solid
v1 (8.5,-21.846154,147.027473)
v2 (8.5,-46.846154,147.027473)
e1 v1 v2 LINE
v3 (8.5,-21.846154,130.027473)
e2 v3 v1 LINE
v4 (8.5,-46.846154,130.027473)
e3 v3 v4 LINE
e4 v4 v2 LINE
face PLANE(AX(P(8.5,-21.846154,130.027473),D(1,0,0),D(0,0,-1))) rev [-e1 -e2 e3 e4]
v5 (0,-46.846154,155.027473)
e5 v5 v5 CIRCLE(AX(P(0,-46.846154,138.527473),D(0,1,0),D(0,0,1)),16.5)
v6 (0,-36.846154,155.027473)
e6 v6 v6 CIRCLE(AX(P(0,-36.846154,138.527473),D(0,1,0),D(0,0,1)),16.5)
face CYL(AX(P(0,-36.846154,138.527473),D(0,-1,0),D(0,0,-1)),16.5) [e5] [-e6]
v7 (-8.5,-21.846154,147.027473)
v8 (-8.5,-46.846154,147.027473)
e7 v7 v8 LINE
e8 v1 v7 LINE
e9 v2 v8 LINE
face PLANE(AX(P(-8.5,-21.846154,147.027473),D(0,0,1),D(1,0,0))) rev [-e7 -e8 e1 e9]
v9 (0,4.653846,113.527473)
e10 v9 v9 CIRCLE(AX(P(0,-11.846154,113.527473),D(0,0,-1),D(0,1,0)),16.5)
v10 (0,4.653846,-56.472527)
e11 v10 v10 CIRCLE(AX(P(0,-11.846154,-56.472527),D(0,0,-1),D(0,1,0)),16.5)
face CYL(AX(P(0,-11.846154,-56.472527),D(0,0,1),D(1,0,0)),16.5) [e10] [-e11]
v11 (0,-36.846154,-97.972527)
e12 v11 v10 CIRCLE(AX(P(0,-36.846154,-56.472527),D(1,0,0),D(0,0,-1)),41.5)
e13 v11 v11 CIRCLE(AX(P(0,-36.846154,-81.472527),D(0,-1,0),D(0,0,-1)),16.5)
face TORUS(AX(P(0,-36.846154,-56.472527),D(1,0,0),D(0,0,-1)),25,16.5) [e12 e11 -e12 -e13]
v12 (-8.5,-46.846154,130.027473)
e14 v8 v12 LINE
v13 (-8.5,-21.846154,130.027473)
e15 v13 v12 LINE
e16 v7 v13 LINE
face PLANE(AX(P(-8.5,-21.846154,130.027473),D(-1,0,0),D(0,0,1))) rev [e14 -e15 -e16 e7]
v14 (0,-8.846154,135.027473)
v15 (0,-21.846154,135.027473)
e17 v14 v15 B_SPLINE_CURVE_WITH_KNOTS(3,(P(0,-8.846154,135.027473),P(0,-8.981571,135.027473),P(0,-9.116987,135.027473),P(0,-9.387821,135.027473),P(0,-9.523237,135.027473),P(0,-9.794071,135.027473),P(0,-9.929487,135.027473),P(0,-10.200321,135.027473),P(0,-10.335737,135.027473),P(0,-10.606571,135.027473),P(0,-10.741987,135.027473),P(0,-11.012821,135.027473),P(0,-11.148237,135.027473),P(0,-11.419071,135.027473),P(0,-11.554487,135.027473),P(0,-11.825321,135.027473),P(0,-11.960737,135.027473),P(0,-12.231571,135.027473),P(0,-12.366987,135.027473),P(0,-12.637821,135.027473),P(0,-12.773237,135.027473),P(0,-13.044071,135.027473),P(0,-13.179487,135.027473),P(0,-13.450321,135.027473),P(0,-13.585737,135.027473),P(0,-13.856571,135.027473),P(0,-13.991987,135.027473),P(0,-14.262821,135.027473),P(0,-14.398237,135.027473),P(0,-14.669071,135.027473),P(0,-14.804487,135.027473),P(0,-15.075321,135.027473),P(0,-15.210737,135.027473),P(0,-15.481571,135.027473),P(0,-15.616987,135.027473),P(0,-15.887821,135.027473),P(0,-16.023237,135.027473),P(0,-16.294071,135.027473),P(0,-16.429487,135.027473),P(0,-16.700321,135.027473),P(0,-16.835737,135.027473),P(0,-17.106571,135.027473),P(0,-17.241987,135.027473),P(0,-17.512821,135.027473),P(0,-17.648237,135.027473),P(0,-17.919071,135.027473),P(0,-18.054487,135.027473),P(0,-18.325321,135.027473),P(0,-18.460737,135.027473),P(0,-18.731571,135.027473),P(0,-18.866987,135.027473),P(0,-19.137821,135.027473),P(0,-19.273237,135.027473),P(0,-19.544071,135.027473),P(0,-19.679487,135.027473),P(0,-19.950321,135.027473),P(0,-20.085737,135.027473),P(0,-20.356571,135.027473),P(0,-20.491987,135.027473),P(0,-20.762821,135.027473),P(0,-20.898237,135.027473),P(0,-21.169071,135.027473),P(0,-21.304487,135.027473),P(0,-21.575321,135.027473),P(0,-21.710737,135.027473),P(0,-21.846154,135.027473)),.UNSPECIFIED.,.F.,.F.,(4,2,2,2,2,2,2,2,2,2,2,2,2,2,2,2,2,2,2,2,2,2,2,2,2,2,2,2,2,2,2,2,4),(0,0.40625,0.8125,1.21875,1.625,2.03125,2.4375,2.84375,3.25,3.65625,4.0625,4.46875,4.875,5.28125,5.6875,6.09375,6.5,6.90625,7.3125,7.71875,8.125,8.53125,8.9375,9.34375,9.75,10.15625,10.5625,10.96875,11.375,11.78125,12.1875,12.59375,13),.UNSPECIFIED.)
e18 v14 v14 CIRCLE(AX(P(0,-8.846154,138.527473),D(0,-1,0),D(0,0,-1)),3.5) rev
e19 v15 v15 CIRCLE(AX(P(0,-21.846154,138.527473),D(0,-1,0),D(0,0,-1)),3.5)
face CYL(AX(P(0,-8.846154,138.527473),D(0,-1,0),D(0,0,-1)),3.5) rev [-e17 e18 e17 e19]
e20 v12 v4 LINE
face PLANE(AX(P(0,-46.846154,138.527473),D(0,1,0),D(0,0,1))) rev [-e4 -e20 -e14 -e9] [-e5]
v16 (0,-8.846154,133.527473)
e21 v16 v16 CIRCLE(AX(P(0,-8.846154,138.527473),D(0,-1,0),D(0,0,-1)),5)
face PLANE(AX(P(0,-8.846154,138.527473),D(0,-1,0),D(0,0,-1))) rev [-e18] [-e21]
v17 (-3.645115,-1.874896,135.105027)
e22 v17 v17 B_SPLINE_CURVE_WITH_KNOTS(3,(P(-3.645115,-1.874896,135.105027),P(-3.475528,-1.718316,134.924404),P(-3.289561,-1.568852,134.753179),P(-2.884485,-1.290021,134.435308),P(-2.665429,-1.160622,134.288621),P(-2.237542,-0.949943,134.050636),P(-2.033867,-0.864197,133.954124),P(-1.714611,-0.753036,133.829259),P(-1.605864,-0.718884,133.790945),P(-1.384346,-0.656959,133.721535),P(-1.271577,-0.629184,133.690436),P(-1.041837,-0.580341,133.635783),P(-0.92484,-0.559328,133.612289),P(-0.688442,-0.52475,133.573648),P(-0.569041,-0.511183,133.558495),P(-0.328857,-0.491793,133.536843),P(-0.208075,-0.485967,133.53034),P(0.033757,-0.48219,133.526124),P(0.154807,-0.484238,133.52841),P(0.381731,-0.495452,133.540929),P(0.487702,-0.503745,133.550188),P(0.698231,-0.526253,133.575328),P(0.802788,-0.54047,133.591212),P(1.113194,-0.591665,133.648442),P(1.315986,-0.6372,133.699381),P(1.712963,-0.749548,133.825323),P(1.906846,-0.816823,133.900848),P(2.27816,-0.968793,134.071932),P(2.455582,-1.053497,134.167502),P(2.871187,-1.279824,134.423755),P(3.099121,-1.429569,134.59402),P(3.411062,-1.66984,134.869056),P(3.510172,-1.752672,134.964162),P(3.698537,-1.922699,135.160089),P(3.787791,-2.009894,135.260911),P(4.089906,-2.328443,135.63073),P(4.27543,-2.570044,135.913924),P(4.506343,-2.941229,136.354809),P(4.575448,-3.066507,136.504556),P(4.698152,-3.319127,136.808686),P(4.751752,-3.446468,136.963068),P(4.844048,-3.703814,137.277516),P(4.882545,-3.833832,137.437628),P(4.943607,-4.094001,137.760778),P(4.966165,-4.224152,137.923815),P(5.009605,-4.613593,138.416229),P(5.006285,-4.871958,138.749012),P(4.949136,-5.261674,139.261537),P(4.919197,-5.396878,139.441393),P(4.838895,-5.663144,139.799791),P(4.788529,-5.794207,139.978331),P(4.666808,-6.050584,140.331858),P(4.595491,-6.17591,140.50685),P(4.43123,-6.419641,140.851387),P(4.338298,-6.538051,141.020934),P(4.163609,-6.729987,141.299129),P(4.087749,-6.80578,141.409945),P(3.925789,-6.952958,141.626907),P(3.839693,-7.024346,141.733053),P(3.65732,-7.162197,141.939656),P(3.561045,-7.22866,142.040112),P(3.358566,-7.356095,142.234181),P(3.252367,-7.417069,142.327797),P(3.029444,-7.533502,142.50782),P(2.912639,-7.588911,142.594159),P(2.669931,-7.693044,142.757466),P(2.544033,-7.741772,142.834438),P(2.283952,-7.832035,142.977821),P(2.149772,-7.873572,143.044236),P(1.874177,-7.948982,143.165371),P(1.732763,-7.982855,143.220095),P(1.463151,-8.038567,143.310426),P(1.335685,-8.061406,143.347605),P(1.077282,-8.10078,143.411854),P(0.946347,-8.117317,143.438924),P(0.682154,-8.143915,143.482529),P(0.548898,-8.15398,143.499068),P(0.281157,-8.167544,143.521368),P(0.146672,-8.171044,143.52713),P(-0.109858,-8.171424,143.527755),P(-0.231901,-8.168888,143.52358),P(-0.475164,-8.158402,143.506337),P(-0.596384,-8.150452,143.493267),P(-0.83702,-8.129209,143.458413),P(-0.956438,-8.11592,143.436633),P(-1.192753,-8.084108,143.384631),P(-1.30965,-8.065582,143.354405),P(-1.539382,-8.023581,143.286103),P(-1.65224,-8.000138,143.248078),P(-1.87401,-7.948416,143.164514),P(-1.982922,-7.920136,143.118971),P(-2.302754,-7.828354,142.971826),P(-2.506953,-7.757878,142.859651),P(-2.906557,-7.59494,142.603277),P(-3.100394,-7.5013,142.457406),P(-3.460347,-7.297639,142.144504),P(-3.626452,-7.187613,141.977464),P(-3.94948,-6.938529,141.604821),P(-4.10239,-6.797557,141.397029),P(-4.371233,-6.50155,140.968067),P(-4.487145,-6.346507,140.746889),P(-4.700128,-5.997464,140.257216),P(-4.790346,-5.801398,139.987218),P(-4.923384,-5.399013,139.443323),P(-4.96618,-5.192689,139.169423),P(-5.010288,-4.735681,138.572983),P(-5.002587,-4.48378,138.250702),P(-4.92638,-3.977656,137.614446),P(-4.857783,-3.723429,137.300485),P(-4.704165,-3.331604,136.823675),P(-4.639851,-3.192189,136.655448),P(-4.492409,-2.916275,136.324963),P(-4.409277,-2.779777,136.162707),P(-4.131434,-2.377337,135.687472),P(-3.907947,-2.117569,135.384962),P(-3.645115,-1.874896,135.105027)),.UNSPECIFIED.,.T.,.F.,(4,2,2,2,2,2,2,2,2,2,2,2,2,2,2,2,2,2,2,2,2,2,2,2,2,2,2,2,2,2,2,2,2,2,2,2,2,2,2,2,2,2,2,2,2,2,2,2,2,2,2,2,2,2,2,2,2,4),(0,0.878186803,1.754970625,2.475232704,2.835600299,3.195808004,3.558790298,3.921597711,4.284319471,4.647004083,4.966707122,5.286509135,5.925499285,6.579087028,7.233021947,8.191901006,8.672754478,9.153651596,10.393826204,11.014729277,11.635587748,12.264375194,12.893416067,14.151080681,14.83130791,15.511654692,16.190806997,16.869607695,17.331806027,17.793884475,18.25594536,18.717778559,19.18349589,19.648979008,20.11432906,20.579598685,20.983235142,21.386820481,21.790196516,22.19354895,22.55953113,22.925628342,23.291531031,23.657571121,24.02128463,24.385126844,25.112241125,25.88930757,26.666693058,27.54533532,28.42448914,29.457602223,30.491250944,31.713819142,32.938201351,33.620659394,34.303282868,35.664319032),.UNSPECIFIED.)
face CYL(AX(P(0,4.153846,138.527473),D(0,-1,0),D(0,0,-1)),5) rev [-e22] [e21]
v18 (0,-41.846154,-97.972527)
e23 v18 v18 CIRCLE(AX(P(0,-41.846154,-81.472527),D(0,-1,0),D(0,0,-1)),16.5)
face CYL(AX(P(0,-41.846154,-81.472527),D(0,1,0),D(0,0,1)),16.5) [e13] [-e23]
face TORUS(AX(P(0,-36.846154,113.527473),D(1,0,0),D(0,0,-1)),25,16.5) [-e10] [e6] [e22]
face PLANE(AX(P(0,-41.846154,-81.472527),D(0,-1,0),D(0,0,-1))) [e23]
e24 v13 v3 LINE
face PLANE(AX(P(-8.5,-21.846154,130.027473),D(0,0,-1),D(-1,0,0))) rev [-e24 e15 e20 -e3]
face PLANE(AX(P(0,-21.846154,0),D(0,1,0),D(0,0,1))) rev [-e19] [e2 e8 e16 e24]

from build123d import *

# Parameters (mm, degrees)
SWEEP1_PROFILE_R   = 16.5
SKETCH10_W         = 17
SKETCH10_H         = 17
CUT_EXTRUDE1_DEPTH = 25
SKETCH11_R         = 3.5
CUT_EXTRUDE2_DEPTH = 13
SKETCH12_R         = 5
CUT_EXTRUDE3_DEPTH = 13


with BuildPart() as part:
    # Sweep1: sweep along a path in Sketch1
    with BuildLine(Plane(origin=(0, 0, 0), x_dir=(0, 0, -1), z_dir=(1, 0, 0))) as sweep1_path:
        Line((81.472527473, -41.846153846), (81.472527473, -36.846153846))
        ThreePointArc((81.472527473, -36.846153846), (74.150197002, -19.168484316), (56.472527473, -11.846153846))
        Line((56.472527473, -11.846153846), (-113.527472527, -11.846153846))
        ThreePointArc((-113.527472527, -11.846153846), (-131.205142057, -19.168484316), (-138.527472527, -36.846153846))
        Line((-138.527472527, -36.846153846), (-138.527472527, -46.846153846))
    # Sweep1 profile (on start of the path) → Sweep1 (sweep)
    with BuildSketch(Plane(origin=(0, -41.846153846, -81.472527473), x_dir=(0, 0, 1), z_dir=(0, 1, 0))):
        Circle(SWEEP1_PROFILE_R)
    sweep(path=sweep1_path.line)

    # Sketch10 → Cut-Extrude1 (cut)
    with BuildSketch(Plane.XZ.offset(46.846153846)):
        with Locations((0, 138.527472527)):
            Rectangle(SKETCH10_W, SKETCH10_H)
    extrude(amount=-CUT_EXTRUDE1_DEPTH, mode=Mode.SUBTRACT)

    # Sketch11 → Cut-Extrude2 (cut)
    with BuildSketch(Plane.XZ.offset(21.846153846)):
        with Locations(Location((0, 138.527472527, 0), (0, 0, 270))):
            Circle(SKETCH11_R)
    extrude(amount=-CUT_EXTRUDE2_DEPTH, mode=Mode.SUBTRACT)

    # Sketch12 → Cut-Extrude3 (cut)
    with BuildSketch(Plane.XZ.offset(8.846153846)):
        with Locations(Location((0, 138.527472527, 0), (0, 0, 270))):
            Circle(SKETCH12_R)
    extrude(amount=-CUT_EXTRUDE3_DEPTH, mode=Mode.SUBTRACT)


solid = part.part
